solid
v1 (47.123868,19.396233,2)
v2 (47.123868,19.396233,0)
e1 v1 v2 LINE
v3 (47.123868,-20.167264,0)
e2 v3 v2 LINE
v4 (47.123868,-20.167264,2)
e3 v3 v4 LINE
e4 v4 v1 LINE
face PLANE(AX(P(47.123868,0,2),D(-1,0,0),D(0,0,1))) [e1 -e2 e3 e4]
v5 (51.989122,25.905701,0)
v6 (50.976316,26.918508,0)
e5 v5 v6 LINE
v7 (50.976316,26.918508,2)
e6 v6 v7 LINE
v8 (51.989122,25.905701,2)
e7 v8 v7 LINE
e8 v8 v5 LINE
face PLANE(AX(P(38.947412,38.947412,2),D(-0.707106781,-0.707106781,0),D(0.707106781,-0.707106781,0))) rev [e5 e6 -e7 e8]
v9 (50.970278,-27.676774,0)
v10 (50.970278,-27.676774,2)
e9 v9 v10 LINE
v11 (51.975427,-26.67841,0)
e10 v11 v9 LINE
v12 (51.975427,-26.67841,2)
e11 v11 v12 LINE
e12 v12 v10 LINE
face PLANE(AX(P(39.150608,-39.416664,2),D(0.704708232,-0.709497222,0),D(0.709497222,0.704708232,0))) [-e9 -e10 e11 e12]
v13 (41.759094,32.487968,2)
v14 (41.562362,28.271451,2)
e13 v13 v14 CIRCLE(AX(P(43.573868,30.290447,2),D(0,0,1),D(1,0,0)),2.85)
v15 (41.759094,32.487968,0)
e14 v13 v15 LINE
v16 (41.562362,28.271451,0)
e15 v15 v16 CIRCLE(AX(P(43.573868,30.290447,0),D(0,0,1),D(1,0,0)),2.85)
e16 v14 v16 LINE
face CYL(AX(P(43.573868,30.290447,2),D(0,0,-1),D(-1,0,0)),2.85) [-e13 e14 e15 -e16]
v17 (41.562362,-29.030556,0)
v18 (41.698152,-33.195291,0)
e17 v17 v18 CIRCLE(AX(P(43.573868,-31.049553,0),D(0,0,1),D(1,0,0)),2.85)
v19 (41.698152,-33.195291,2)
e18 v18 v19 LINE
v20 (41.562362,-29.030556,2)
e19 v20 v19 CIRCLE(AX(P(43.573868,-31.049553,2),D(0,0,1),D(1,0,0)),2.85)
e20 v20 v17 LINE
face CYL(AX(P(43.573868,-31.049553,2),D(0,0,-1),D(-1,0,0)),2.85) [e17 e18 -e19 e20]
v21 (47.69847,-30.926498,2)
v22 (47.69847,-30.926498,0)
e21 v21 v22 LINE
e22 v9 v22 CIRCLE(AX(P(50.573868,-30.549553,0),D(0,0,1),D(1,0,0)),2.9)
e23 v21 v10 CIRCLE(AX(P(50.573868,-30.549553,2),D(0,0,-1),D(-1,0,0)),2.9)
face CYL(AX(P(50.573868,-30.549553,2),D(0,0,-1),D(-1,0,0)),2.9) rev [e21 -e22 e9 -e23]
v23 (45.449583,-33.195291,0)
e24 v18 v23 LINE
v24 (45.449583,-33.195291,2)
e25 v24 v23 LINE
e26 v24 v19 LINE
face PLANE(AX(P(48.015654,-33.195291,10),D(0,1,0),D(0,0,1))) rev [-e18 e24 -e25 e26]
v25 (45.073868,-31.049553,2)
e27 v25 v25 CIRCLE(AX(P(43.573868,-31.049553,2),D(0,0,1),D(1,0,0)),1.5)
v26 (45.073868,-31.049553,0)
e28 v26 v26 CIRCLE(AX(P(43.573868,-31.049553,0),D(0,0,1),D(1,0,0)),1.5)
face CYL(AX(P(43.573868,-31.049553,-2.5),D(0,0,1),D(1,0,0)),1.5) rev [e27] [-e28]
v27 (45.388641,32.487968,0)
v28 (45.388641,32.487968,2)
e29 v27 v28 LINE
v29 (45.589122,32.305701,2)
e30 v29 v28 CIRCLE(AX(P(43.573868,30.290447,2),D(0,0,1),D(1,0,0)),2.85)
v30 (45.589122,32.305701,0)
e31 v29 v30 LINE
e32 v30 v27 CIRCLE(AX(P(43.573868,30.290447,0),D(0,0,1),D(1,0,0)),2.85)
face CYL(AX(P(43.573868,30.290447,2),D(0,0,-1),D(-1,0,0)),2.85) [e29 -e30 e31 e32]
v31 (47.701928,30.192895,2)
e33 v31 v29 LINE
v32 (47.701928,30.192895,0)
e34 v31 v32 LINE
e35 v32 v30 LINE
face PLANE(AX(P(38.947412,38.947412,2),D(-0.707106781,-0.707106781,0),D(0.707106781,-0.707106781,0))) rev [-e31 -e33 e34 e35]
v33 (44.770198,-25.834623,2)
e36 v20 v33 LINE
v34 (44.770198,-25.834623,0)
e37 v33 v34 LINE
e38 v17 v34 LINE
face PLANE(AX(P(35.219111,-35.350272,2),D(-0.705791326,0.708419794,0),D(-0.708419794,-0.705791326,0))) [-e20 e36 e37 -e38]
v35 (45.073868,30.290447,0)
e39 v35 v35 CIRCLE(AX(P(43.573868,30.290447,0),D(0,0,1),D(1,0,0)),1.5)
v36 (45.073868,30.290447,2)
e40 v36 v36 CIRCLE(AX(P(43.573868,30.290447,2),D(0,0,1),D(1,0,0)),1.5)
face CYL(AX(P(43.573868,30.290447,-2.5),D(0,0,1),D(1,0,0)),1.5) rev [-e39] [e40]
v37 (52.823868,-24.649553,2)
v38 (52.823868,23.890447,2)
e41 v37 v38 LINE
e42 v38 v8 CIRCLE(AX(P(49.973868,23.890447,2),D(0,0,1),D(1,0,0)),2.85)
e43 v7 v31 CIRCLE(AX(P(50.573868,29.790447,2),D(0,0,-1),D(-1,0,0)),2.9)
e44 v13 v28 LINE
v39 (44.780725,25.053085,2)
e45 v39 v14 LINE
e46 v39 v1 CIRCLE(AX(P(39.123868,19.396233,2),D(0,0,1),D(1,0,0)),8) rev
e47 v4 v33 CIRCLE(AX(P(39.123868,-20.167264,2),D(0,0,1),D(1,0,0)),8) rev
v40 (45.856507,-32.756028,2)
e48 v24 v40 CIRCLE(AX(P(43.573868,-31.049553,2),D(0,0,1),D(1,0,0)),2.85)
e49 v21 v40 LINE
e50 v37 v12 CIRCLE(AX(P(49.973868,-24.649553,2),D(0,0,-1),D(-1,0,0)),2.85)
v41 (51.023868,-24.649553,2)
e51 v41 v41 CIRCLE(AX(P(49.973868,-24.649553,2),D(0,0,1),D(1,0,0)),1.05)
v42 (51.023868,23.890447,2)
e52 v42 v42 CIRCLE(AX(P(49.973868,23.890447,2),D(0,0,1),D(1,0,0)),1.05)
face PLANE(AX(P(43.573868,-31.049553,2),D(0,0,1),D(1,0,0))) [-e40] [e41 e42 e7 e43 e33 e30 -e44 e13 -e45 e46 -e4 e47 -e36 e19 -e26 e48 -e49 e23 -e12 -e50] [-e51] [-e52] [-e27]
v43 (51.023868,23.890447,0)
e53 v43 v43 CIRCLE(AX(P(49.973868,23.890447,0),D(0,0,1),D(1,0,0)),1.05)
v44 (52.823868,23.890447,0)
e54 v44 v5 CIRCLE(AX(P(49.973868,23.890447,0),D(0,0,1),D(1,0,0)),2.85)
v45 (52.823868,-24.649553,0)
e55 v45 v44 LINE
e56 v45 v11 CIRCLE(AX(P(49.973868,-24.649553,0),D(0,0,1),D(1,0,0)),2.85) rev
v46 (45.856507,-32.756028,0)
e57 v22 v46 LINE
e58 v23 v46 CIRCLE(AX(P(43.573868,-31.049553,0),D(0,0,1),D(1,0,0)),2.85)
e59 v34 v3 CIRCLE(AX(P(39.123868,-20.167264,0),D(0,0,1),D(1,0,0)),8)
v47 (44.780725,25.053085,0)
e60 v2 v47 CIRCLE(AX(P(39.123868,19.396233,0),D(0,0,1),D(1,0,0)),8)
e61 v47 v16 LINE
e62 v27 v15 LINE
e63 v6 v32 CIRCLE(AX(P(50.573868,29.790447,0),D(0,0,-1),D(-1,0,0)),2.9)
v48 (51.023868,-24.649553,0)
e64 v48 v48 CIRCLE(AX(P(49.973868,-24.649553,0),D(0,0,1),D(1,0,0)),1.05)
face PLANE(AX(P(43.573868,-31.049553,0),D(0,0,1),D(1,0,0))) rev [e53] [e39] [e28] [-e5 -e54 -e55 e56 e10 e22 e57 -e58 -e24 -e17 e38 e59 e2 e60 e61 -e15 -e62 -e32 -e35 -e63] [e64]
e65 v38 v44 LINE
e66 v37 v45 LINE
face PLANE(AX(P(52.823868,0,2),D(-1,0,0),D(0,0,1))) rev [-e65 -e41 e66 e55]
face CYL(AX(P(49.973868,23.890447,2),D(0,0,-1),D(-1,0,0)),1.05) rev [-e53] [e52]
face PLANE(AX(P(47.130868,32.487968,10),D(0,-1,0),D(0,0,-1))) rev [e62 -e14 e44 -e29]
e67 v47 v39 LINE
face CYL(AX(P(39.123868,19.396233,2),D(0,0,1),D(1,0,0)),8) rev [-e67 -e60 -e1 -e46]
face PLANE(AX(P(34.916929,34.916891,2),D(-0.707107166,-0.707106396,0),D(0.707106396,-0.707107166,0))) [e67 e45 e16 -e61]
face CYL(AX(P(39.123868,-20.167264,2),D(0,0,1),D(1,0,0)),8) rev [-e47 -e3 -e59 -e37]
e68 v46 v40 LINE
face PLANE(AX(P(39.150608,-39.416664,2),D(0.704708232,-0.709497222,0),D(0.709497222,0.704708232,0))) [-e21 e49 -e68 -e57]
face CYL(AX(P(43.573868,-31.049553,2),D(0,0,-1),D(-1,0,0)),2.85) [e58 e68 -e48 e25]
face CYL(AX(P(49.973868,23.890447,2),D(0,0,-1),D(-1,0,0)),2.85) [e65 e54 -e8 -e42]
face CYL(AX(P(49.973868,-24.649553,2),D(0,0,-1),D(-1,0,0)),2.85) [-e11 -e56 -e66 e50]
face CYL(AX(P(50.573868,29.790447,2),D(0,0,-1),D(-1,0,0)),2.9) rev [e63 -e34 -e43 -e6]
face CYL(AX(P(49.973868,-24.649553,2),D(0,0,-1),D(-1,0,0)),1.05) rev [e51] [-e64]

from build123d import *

# Parameters (mm, degrees)
SKIZZE1_R                       = 2.85
SKIZZE1_R_2                     = 1.05
LINEAR_AUSTRAGEN_D_NN1_DEPTH    = 2
LINEAR_AUSTRAGEN_D_NN1_2_DEPTH  = 2
LINEAR_AUSTRAGEN_D_NN1_3_DEPTH  = 2
LINEAR_AUSTRAGEN_D_NN1_4_DEPTH  = 2
AUFSATZ_LINEAR_AUSTRAGEN1_DEPTH = 2
SKIZZE4_R                       = 2.9
SCHNITT_LINEAR_AUSTRAGEN1_DEPTH = 2
SKIZZE7_R                       = 1.5
SCHNITT_LINEAR_AUSTRAGEN3_DEPTH = 4.5
VERRUNDUNG3_R                   = 8
VERRUNDUNG4_R                   = 8
SKIZZE8_W                       = 8.364298592
SKIZZE8_H                       = 2.396021337
SKIZZE8_W_2                     = 8.747208858
SKIZZE8_H_2                     = 3.084567941
SCHNITT_LINEAR_AUSTRAGEN4_DEPTH = 10


with BuildPart() as part:
    # Skizze1 → Linear-Austragen-Dünn1 (new body)
    with BuildSketch(Plane.XY):
        with Locations((43.573867598, -31.049552882)):
            Circle(SKIZZE1_R)
        with Locations((43.573867598, -31.049552882)):
            Circle(SKIZZE1_R_2, mode=Mode.SUBTRACT)
    extrude(amount=LINEAR_AUSTRAGEN_D_NN1_DEPTH)



with BuildPart() as body_2:
    # Skizze1 → Linear-Austragen-D_nn1 2 (new body)
    with BuildSketch(Plane.XY):
        with Locations((49.973867598, -24.649552882)):
            Circle(SKIZZE1_R)
        with Locations((49.973867598, -24.649552882)):
            Circle(SKIZZE1_R_2, mode=Mode.SUBTRACT)
    extrude(amount=LINEAR_AUSTRAGEN_D_NN1_2_DEPTH)


with BuildPart() as body_3:
    # Skizze1 → Linear-Austragen-D_nn1 3 (new body)
    with BuildSketch(Plane.XY):
        with Locations((49.973867598, 23.890447118)):
            Circle(SKIZZE1_R)
        with Locations((49.973867598, 23.890447118)):
            Circle(SKIZZE1_R_2, mode=Mode.SUBTRACT)
    extrude(amount=LINEAR_AUSTRAGEN_D_NN1_3_DEPTH)


with BuildPart() as body_4:
    # Skizze1 → Linear-Austragen-D_nn1 4 (new body)
    with BuildSketch(Plane.XY):
        with Locations((43.573867598, 30.290447118)):
            Circle(SKIZZE1_R)
        with Locations((43.573867598, 30.290447118)):
            Circle(SKIZZE1_R_2, mode=Mode.SUBTRACT)
    extrude(amount=LINEAR_AUSTRAGEN_D_NN1_4_DEPTH)


with BuildPart() as part_1:
    add(part.part)

    add(body_2.part)  # Aufsatz-Linear austragen1 merges body 2

    add(body_3.part)  # Aufsatz-Linear austragen1 merges body 3

    add(body_4.part)  # Aufsatz-Linear austragen1 merges body 4
    # Skizze3 → Aufsatz-Linear austragen1 (add)
    with BuildSketch(Plane(origin=(0, 0, 0), x_dir=(-1, 0, 0), z_dir=(0, 0, -1))):
        Polygon((-41.562362318, -29.03055647), (-47.123867598, -23.489686183), (-47.123867598, -24.649552882), (-48.59326597, -26.13202553), (-51.989121924, -26.664807209), (-45.264844081, -33.343697283), (-44.884208679, -29.808371771), align=None)
        with BuildLine():
            Line((-47.123867598, 22.709939373), (-47.958612175, 21.875193888))
            ThreePointArc((-47.958612175, 21.875193888), (-51.064514663, 21.257390153), (-52.823867598, 23.890447118))
            Line((-52.823867598, 23.890447118), (-52.823867598, -24.649552882))
            Line((-52.823867598, -24.649552882), (-50.178691981, -22.827758624))
            Line((-50.178691981, -22.827758624), (-47.123867598, -24.649552882))
            Line((-47.123867598, -24.649552882), (-47.123867598, -23.489686183))
            Line((-47.123867598, -23.489686183), (-47.123867598, 22.709939373))
        make_face()
        with BuildLine():
            ThreePointArc((-47.123867598, 23.890447118), (-47.340810633, 22.799800052), (-47.958612175, 21.875193888))
            Line((-47.958612175, 21.875193888), (-47.123867598, 22.709939373))
            Line((-47.123867598, 22.709939373), (-41.562362318, 28.271450706))
            Line((-41.562362318, 28.271450706), (-44.884208679, 28.654046934))
            Line((-44.884208679, 28.654046934), (-45.589121924, 32.305701444))
            Line((-45.589121924, 32.305701444), (-51.989121924, 25.905701444))
            ThreePointArc((-51.989121924, 25.905701444), (-48.883219815, 26.523503785), (-47.123867598, 23.890447118))
        make_face()
    extrude(amount=-AUFSATZ_LINEAR_AUSTRAGEN1_DEPTH)

    # Skizze4 → Schnitt-Linear austragen1 (cut)
    with BuildSketch(Plane(origin=(0, 0, 0), x_dir=(-1, 0, 0), z_dir=(0, 0, -1))):
        with Locations((-50.573867598, 29.790447118)):
            Circle(SKIZZE4_R)
        with Locations((-50.573867598, -30.549552882)):
            Circle(SKIZZE4_R)
    extrude(amount=-SCHNITT_LINEAR_AUSTRAGEN1_DEPTH, mode=Mode.SUBTRACT)

    # Skizze7 → Schnitt-Linear austragen3 (cut)
    with BuildSketch(Plane.XY.offset(2)):
        with Locations((43.573867598, -31.049552882)):
            Circle(SKIZZE7_R)
        with Locations((43.573867598, 30.290447118)):
            Circle(SKIZZE7_R)
    extrude(amount=-SCHNITT_LINEAR_AUSTRAGEN3_DEPTH, mode=Mode.SUBTRACT)

    # Verrundung3
    verrundung3_edges = [part_1.edges().sort_by_distance(p)[0] for p in [
        (47.123867598, 22.709939373, 1),
    ]]
    fillet(verrundung3_edges, radius=VERRUNDUNG3_R)

    # Verrundung4
    verrundung4_edges = [part_1.edges().sort_by_distance(p)[0] for p in [
        (47.123867598, -23.489686183, 1),
    ]]
    fillet(verrundung4_edges, radius=VERRUNDUNG4_R)

    # Skizze8 → Schnitt-Linear austragen4 (cut)
    with BuildSketch(Plane(origin=(0, 0, 0), x_dir=(-1, 0, 0), z_dir=(0, 0, -1))):
        with Locations((-42.948718638, 33.685978487)):
            Rectangle(SKIZZE8_W, SKIZZE8_H)
        with Locations((-43.64204941, -34.737574597)):
            Rectangle(SKIZZE8_W_2, SKIZZE8_H_2)
    extrude(amount=-SCHNITT_LINEAR_AUSTRAGEN4_DEPTH, mode=Mode.SUBTRACT)


solid = part_1.part
